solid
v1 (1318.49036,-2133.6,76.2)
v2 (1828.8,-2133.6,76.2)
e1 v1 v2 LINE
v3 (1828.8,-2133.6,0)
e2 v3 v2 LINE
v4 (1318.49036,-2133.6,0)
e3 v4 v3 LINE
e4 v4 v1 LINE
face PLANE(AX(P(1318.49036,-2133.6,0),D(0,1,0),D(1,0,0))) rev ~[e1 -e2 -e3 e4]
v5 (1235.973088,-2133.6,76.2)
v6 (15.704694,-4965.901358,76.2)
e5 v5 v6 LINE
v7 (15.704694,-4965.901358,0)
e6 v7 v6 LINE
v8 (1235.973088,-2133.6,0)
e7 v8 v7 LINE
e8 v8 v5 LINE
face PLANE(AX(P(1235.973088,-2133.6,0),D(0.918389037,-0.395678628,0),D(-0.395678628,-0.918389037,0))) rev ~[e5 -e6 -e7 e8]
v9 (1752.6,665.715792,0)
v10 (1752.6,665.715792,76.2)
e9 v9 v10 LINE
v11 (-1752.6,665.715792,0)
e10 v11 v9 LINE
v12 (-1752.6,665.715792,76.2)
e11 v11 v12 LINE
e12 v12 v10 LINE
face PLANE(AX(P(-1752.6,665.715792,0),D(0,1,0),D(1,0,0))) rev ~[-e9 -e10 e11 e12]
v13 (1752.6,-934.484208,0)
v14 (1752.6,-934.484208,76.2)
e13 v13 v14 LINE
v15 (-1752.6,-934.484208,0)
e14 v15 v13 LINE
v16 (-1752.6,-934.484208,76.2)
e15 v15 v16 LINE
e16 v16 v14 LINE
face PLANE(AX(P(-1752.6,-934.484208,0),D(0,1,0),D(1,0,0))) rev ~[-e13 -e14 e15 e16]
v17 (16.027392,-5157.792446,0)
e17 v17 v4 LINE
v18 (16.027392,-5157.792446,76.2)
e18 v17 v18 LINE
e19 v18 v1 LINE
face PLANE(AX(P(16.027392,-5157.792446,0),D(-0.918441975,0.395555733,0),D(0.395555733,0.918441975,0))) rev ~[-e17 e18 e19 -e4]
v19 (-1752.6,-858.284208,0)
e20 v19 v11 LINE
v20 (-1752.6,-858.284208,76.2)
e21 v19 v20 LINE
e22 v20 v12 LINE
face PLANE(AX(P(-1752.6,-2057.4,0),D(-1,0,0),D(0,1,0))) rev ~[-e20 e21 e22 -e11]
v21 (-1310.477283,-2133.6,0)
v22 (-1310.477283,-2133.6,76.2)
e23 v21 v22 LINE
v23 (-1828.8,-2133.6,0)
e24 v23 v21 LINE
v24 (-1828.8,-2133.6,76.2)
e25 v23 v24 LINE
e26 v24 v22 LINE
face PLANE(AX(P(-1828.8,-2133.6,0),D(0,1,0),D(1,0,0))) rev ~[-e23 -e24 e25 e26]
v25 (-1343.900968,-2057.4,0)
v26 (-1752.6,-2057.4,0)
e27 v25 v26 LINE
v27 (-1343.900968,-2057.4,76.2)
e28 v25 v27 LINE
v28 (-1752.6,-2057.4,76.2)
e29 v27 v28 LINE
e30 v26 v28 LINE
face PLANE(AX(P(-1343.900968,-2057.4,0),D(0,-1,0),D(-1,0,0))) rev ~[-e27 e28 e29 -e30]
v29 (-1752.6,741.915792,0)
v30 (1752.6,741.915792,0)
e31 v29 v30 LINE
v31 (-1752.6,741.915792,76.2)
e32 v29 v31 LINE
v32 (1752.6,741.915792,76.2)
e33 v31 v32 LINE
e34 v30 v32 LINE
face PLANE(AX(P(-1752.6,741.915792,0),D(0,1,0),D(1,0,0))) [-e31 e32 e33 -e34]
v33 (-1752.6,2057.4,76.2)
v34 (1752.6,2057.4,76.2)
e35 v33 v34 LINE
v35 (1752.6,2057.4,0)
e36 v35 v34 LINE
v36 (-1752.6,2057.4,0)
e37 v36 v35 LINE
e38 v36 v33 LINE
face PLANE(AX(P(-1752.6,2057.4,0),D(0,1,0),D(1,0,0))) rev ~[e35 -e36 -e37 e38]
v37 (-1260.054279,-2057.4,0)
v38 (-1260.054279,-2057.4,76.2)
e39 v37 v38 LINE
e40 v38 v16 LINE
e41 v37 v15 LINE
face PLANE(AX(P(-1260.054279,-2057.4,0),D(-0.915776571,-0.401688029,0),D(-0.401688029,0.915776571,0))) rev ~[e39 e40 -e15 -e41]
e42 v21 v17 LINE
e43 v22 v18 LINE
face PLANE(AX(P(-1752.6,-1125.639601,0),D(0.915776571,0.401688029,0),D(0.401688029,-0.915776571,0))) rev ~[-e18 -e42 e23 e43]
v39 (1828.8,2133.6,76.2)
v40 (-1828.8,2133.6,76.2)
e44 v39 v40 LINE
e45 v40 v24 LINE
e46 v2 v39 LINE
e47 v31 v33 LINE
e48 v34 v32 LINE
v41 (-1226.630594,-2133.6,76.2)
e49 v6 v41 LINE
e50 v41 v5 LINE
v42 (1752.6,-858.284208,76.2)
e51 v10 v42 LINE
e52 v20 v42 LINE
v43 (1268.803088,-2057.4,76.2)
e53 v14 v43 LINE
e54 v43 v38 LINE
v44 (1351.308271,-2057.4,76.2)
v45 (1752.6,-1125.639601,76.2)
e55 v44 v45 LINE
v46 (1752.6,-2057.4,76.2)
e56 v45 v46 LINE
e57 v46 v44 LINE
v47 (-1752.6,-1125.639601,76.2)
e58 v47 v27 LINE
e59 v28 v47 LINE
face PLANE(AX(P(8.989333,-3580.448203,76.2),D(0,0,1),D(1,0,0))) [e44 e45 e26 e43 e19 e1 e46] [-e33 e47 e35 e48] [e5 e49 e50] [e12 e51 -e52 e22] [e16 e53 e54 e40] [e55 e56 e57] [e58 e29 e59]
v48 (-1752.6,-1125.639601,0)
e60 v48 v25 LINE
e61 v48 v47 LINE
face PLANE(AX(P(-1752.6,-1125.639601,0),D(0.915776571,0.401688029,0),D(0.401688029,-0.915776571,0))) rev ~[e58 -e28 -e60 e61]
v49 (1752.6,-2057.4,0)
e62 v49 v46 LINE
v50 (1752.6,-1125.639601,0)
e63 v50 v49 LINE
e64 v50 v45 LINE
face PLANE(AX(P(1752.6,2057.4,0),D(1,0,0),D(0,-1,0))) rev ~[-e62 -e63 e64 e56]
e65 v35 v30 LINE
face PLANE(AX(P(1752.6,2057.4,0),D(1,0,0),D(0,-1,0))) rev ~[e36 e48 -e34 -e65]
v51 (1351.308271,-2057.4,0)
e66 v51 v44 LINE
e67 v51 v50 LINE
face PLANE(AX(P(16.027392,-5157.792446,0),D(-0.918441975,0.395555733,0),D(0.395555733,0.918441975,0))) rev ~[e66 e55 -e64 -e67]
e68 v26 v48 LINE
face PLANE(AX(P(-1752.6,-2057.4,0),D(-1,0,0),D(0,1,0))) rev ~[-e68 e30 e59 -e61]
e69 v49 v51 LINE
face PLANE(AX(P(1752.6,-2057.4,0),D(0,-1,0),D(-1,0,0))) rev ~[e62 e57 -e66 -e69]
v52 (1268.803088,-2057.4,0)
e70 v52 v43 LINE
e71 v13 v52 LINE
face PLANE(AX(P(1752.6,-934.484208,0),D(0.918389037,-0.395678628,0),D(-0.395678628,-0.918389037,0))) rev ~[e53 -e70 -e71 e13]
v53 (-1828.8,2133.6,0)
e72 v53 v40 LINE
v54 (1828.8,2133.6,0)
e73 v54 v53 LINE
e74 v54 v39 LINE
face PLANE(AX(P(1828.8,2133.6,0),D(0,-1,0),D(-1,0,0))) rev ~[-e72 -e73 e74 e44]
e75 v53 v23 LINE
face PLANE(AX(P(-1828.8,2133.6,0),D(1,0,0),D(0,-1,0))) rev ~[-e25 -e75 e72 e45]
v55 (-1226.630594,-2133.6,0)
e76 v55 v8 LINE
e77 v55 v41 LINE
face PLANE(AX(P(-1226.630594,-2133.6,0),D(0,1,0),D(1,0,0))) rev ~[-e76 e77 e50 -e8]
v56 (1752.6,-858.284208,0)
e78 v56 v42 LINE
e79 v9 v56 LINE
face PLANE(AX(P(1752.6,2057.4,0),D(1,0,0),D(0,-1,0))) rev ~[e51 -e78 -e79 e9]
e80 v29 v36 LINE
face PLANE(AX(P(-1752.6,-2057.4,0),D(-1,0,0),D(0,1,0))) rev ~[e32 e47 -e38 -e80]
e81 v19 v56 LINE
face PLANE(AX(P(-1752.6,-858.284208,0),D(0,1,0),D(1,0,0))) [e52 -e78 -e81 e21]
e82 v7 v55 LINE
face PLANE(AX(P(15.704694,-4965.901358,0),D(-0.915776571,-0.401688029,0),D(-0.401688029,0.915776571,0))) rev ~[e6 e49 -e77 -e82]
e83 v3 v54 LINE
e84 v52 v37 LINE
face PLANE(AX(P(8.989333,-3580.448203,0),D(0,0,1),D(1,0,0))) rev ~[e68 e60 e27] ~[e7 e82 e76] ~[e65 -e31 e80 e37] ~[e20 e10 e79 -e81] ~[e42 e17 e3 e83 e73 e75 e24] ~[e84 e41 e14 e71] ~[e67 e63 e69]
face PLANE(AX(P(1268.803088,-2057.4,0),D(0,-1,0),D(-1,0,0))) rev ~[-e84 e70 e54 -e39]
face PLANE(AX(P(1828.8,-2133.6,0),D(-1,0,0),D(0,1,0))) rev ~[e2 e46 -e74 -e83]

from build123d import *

# Parameters (mm, degrees)
F1_DEPTH = 76.2
F0_W     = 3505.2
F0_H     = 76.2
F2_DEPTH = 76.2
F3_DEPTH = 76.2


with BuildPart() as f1:
    # F0 (on Top) → F1 (new body)
    with BuildSketch(Plane.XY):
        Polygon((1828.8, -2133.6), (1828.8, 2133.6), (-1828.8, 2133.6), (-1828.8, -2133.6), (-1310.4772827011, -2133.6), (-1343.9009678839, -2057.4), (-1752.6, -2057.4), (-1752.6, -1125.6396008411), (-1752.6, -934.4842076221), (-1752.6, -858.2842076221), (-1752.6, 665.7157923779), (-1752.6, 741.9157923779), (-1752.6, 2057.4), (1752.6, 2057.4), (1752.6, 741.9157923779), (1752.6, 665.7157923779), (1752.6, -858.2842076221), (1752.6, -934.4842076221), (1752.6, -1125.6396008411), (1752.6, -2057.4), (1351.3082711616, -2057.4), (1318.4903602855, -2133.6), align=None)
    extrude(amount=F1_DEPTH)

    # F0 (on Top) → F2 (join)
    with BuildSketch(Plane.XY):
        Polygon((16.0273923486, -5157.7924457489), (1318.4903602855, -2133.6), (1235.9730884481, -2133.6), (15.7046937593, -4965.9013576965), (-1226.6305939355, -2133.6), (-1310.4772827011, -2133.6), align=None)
        Polygon((-1343.9009678839, -2057.4), (-1310.4772827011, -2133.6), (-1226.6305939355, -2133.6), (-1260.0542791183, -2057.4), align=None)
        Polygon((-1752.6, -1125.6396008411), (-1343.9009678839, -2057.4), (-1260.0542791183, -2057.4), (-1752.6, -934.4842076221), align=None)
        Polygon((-1226.6305939355, -2133.6), (1235.9730884481, -2133.6), (1268.803087778, -2057.4), (-1260.0542791183, -2057.4), align=None)
        Polygon((1235.9730884481, -2133.6), (1318.4903602855, -2133.6), (1351.3082711616, -2057.4), (1268.803087778, -2057.4), align=None)
        Polygon((1268.803087778, -2057.4), (1351.3082711616, -2057.4), (1752.6, -1125.6396008411), (1752.6, -934.4842076221), align=None)
        with Locations((0, -896.3842076221)):
            Rectangle(F0_W, F0_H)
    extrude(amount=F2_DEPTH)

    # F0 (on Top) → F3 (join)
    with BuildSketch(Plane.XY):
        with Locations((0, 703.8157923779)):
            Rectangle(F0_W, F0_H)
    extrude(amount=F3_DEPTH)


solid = f1.part
